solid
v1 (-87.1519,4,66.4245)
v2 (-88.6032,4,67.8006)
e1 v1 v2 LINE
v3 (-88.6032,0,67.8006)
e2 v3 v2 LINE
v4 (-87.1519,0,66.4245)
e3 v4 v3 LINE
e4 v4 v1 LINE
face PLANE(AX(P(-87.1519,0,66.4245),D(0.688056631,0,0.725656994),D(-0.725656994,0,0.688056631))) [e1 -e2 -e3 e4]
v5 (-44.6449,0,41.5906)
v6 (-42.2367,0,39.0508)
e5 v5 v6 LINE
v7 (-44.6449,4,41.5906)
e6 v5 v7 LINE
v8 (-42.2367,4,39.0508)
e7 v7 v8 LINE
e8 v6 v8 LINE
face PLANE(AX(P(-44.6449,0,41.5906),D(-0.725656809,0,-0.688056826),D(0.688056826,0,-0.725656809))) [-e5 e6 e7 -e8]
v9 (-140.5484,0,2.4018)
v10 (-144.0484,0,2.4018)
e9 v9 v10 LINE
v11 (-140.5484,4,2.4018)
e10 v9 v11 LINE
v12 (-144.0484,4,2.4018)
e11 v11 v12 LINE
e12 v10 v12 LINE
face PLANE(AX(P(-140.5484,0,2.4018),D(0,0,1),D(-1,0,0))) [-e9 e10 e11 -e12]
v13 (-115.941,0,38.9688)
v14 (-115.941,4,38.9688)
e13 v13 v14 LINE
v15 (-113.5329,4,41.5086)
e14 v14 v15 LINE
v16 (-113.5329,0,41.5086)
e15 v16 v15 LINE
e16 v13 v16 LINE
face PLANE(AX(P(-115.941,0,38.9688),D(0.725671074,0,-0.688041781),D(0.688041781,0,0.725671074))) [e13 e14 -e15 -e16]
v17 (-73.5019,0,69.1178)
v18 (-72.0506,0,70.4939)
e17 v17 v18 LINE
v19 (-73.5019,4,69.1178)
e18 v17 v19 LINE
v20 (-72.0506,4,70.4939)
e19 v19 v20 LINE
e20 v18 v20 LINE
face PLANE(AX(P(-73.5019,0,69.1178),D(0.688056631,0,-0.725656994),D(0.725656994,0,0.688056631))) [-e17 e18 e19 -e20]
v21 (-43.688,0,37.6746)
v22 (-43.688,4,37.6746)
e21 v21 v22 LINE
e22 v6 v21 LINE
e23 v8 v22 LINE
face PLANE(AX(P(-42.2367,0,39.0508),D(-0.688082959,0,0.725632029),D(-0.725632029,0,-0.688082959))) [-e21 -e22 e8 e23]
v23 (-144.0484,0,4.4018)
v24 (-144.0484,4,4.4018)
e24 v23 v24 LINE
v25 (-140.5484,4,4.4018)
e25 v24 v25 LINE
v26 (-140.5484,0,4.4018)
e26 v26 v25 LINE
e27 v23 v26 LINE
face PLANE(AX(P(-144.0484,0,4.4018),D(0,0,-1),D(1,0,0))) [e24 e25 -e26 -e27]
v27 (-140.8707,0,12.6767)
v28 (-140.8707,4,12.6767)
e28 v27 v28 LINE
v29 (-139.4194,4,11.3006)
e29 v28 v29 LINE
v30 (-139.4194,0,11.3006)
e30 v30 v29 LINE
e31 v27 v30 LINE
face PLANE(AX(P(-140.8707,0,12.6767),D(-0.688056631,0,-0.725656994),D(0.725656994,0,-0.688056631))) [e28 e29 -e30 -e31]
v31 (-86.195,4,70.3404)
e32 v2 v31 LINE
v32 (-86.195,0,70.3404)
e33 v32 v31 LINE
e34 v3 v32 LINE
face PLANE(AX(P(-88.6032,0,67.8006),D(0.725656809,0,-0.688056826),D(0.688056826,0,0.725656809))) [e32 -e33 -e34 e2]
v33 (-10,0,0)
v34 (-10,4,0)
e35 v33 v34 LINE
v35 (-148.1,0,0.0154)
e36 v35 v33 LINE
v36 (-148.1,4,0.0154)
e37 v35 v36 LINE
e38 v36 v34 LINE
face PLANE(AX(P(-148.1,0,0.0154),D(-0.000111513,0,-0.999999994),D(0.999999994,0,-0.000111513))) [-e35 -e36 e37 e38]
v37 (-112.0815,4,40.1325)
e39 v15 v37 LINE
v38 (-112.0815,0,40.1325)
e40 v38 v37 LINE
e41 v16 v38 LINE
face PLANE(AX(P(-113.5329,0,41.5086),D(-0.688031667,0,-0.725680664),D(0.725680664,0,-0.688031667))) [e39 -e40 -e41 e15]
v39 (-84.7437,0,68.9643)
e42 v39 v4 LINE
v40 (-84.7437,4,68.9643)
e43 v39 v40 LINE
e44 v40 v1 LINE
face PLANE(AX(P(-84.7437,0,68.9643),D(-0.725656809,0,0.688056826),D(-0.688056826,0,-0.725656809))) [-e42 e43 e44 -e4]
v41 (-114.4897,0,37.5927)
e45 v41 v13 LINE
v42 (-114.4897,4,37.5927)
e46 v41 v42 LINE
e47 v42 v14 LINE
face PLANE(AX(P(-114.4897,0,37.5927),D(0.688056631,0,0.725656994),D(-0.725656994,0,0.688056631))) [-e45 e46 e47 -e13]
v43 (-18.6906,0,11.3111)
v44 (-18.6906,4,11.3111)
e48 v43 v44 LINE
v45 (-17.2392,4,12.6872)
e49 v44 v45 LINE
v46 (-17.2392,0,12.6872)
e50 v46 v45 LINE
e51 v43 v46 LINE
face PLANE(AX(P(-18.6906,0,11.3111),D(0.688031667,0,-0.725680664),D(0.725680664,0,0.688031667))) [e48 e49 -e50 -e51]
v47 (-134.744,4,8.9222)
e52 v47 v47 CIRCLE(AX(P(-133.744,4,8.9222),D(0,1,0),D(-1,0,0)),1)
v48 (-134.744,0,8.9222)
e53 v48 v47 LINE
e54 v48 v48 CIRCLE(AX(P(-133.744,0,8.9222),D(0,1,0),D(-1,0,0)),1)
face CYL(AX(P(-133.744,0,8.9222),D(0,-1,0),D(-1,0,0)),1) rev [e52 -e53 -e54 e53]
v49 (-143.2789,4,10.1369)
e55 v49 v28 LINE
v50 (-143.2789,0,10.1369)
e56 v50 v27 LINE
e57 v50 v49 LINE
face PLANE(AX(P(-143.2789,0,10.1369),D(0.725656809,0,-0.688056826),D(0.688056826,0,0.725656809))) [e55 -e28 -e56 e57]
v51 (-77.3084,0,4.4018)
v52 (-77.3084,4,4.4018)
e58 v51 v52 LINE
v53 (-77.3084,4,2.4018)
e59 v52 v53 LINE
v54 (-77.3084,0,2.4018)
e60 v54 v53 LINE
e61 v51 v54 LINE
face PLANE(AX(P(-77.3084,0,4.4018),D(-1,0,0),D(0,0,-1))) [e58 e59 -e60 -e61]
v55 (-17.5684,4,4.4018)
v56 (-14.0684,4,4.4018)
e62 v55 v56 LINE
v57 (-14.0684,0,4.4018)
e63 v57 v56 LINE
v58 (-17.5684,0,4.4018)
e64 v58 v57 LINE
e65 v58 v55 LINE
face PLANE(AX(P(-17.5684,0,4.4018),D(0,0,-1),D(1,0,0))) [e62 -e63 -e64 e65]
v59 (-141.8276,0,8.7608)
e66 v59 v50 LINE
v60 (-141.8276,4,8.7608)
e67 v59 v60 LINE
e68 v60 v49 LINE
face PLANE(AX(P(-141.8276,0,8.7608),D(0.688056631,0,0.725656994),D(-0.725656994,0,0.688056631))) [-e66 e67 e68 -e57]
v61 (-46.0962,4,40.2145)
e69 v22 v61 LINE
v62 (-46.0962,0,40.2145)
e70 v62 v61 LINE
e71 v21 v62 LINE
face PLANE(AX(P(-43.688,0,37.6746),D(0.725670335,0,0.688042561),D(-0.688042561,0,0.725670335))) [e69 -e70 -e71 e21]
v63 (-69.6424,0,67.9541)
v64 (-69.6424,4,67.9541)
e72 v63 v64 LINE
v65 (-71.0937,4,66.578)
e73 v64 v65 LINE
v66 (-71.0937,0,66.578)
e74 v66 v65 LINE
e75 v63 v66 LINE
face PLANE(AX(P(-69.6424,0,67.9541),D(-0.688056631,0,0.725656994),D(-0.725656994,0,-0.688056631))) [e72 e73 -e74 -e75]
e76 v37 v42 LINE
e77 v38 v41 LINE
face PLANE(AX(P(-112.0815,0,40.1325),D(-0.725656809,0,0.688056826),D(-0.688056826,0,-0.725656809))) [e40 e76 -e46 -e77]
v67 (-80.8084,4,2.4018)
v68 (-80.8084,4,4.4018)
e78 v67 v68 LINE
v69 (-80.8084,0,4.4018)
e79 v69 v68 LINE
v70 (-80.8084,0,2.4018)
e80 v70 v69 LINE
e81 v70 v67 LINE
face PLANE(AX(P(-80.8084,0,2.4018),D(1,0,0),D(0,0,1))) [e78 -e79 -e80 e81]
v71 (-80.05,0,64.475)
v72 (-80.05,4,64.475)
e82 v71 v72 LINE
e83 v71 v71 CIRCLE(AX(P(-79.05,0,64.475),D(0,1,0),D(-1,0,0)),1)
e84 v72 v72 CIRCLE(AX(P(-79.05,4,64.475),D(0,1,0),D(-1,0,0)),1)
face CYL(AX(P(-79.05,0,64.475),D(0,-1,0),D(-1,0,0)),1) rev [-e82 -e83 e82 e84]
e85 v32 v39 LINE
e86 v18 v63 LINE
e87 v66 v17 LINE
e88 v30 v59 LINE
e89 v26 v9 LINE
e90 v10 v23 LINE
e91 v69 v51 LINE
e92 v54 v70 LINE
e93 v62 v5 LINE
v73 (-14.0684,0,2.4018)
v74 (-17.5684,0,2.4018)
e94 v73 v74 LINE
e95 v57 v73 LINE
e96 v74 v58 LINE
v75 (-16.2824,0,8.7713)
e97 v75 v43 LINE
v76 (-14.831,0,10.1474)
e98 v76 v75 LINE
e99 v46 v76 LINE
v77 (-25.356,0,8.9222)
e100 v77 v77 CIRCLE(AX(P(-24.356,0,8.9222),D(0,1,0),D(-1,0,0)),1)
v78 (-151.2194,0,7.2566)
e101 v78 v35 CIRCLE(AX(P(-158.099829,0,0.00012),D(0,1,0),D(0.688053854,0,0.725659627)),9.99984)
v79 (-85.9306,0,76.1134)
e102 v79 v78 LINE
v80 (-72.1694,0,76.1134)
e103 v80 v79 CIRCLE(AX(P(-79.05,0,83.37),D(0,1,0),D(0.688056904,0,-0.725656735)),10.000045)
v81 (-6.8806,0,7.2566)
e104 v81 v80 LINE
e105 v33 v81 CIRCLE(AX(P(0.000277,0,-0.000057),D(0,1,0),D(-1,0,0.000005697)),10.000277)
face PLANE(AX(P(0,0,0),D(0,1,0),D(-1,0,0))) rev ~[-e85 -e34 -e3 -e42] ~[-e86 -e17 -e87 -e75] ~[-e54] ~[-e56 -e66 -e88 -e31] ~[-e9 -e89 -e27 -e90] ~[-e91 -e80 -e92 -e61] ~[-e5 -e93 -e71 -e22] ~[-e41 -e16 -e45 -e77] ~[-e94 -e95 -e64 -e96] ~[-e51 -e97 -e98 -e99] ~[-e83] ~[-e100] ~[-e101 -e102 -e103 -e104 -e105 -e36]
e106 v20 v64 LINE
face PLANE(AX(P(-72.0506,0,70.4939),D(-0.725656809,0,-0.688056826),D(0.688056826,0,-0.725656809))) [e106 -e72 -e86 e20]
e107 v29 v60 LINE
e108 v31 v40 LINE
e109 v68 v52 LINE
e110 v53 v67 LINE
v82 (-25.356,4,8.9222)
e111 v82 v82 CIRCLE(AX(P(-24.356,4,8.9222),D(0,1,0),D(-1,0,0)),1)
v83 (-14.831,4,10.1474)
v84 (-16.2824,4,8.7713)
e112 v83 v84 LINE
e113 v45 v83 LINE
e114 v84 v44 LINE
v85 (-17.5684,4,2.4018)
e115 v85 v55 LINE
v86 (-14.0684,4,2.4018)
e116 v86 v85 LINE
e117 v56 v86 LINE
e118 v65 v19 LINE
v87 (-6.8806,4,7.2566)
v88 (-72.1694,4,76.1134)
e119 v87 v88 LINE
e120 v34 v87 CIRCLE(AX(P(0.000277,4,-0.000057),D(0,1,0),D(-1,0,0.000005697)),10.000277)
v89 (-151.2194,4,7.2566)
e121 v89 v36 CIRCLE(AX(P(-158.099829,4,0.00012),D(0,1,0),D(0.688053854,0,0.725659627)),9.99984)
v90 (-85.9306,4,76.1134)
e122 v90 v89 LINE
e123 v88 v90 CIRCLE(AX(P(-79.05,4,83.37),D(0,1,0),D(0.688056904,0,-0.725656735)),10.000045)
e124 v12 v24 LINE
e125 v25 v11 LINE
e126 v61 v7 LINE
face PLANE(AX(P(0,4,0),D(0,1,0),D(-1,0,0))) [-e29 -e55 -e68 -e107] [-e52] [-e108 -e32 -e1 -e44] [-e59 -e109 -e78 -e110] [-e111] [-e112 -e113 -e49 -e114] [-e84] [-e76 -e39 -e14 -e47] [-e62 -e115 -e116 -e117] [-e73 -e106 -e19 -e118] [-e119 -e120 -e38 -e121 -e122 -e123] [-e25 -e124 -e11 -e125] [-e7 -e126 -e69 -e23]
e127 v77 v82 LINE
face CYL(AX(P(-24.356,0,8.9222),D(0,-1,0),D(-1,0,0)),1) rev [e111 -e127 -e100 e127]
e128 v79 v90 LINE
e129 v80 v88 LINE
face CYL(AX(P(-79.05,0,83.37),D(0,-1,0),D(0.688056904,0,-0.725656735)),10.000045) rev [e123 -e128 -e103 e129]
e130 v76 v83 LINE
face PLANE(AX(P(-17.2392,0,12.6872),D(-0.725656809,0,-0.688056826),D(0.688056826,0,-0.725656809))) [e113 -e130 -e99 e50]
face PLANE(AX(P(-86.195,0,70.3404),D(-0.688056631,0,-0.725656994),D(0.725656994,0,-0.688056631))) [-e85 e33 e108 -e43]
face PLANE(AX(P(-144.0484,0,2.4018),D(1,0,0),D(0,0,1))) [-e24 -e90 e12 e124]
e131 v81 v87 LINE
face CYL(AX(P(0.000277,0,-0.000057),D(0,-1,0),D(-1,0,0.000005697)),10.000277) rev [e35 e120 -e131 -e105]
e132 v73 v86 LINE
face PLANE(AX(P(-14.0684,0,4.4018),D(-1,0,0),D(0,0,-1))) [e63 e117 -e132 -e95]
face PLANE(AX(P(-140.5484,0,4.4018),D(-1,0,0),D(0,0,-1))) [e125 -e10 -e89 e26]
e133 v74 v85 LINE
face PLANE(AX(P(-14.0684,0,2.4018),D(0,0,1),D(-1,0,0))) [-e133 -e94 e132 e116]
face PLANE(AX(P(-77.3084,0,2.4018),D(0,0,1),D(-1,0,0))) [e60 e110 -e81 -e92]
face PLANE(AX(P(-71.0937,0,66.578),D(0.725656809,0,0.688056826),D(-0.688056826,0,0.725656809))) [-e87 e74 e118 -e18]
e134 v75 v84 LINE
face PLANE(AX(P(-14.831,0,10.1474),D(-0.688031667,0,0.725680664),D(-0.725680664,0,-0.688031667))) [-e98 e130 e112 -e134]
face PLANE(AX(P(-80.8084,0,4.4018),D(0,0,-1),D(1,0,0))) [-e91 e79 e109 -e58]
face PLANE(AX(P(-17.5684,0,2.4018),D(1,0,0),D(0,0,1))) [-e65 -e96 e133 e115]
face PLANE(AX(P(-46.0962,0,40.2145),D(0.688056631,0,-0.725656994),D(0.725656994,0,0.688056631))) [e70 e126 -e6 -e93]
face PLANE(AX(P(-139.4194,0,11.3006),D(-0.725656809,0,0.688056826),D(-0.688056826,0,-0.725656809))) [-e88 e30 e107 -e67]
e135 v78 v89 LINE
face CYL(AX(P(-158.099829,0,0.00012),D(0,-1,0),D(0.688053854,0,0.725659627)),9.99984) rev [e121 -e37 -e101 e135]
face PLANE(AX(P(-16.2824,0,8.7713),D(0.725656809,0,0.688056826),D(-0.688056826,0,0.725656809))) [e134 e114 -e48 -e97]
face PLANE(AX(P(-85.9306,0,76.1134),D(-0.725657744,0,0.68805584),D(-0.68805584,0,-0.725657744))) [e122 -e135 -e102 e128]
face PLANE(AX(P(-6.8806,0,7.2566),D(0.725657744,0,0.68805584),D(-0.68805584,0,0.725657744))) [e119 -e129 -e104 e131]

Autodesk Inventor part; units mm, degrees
ref_plane "YZ Plane" through (0, 0, 0) normal (1, 0, 0) x (0, 1, 0)
ref_plane "XZ Plane" through (0, 0, 0) normal (0, 1, 0) x (-1, 0, 0)
ref_plane "XY Plane" through (0, 0, 0) normal (0, 0, 1) x (1, 0, 0)
sketch "Sketch1" plane through (0, 0, 0) normal (0, 1, 0) x (-1, 0, 0)
  arc A0 (10, 0) -> (6.8806, 7.2566) centre (0, 0) ccw
  arc A1 (151.2194, 7.2566) -> (148.1, 0.0154) centre (158.1, 0) ccw
  circle A2 centre (79.05, 64.475) radius 1
  circle A3 centre (133.744, 8.9222) radius 1
  circle A4 centre (24.356, 8.9222) radius 1
  line L0 (6.8806, 7.2566) -> (72.1694, 76.1134)
  line L1 (85.9306, 76.1134) -> (151.2194, 7.2566)
  line L2 (148.1, 0.0154) -> (10, 0)
  arc A5 (72.1694, 76.1134) -> (85.9306, 76.1134) centre (79.05, 83.37) ccw
  line L3 (14.0684, 2.4018) -> (17.5684, 2.4018)
  line L4 (17.5684, 2.4018) -> (17.5684, 4.4018)
  line L5 (17.5684, 4.4018) -> (14.0684, 4.4018)
  line L6 (14.0684, 4.4018) -> (14.0684, 2.4018)
  line L7 (77.3084, 2.4018) -> (80.8084, 2.4018)
  line L8 (80.8084, 2.4018) -> (80.8084, 4.4018)
  line L9 (80.8084, 4.4018) -> (77.3084, 4.4018)
  line L10 (77.3084, 4.4018) -> (77.3084, 2.4018)
  line L11 (140.5484, 2.4018) -> (144.0484, 2.4018)
  line L12 (144.0484, 2.4018) -> (144.0484, 4.4018)
  line L13 (144.0484, 4.4018) -> (140.5484, 4.4018)
  line L14 (140.5484, 4.4018) -> (140.5484, 2.4018)
  line L15 (16.2824, 8.7713) -> (18.6906, 11.3111)
  line L16 (18.6906, 11.3111) -> (17.2392, 12.6872)
  line L17 (17.2392, 12.6872) -> (14.831, 10.1474)
  line L18 (14.831, 10.1474) -> (16.2824, 8.7713)
  line L19 (43.688, 37.6746) -> (46.0962, 40.2145)
  line L20 (46.0962, 40.2145) -> (44.6449, 41.5906)
  line L21 (44.6449, 41.5906) -> (42.2367, 39.0508)
  line L22 (42.2367, 39.0508) -> (43.688, 37.6746)
  line L23 (71.0937, 66.578) -> (73.5019, 69.1178)
  line L24 (73.5019, 69.1178) -> (72.0506, 70.4939)
  line L25 (72.0506, 70.4939) -> (69.6424, 67.9541)
  line L26 (69.6424, 67.9541) -> (71.0937, 66.578)
  line L27 (143.2789, 10.1369) -> (140.8707, 12.6767)
  line L28 (140.8707, 12.6767) -> (139.4194, 11.3006)
  line L29 (139.4194, 11.3006) -> (141.8276, 8.7608)
  line L30 (141.8276, 8.7608) -> (143.2789, 10.1369)
  line L31 (115.941, 38.9688) -> (113.5329, 41.5086)
  line L32 (113.5329, 41.5086) -> (112.0815, 40.1325)
  line L33 (112.0815, 40.1325) -> (114.4897, 37.5927)
  line L34 (114.4897, 37.5927) -> (115.941, 38.9688)
  line L35 (88.6032, 67.8006) -> (86.195, 70.3404)
  line L36 (86.195, 70.3404) -> (84.7437, 68.9643)
  line L37 (84.7437, 68.9643) -> (87.1519, 66.4245)
  line L38 (87.1519, 66.4245) -> (88.6032, 67.8006)
  point P0 (148.1, 0.0154)
  point P1 (151.2194, 7.2566)
  point P2 (85.9306, 76.1134)
extrude "Extrusion1" add sketch "Sketch1" along normal blind 4
properties part number "aab_face"
